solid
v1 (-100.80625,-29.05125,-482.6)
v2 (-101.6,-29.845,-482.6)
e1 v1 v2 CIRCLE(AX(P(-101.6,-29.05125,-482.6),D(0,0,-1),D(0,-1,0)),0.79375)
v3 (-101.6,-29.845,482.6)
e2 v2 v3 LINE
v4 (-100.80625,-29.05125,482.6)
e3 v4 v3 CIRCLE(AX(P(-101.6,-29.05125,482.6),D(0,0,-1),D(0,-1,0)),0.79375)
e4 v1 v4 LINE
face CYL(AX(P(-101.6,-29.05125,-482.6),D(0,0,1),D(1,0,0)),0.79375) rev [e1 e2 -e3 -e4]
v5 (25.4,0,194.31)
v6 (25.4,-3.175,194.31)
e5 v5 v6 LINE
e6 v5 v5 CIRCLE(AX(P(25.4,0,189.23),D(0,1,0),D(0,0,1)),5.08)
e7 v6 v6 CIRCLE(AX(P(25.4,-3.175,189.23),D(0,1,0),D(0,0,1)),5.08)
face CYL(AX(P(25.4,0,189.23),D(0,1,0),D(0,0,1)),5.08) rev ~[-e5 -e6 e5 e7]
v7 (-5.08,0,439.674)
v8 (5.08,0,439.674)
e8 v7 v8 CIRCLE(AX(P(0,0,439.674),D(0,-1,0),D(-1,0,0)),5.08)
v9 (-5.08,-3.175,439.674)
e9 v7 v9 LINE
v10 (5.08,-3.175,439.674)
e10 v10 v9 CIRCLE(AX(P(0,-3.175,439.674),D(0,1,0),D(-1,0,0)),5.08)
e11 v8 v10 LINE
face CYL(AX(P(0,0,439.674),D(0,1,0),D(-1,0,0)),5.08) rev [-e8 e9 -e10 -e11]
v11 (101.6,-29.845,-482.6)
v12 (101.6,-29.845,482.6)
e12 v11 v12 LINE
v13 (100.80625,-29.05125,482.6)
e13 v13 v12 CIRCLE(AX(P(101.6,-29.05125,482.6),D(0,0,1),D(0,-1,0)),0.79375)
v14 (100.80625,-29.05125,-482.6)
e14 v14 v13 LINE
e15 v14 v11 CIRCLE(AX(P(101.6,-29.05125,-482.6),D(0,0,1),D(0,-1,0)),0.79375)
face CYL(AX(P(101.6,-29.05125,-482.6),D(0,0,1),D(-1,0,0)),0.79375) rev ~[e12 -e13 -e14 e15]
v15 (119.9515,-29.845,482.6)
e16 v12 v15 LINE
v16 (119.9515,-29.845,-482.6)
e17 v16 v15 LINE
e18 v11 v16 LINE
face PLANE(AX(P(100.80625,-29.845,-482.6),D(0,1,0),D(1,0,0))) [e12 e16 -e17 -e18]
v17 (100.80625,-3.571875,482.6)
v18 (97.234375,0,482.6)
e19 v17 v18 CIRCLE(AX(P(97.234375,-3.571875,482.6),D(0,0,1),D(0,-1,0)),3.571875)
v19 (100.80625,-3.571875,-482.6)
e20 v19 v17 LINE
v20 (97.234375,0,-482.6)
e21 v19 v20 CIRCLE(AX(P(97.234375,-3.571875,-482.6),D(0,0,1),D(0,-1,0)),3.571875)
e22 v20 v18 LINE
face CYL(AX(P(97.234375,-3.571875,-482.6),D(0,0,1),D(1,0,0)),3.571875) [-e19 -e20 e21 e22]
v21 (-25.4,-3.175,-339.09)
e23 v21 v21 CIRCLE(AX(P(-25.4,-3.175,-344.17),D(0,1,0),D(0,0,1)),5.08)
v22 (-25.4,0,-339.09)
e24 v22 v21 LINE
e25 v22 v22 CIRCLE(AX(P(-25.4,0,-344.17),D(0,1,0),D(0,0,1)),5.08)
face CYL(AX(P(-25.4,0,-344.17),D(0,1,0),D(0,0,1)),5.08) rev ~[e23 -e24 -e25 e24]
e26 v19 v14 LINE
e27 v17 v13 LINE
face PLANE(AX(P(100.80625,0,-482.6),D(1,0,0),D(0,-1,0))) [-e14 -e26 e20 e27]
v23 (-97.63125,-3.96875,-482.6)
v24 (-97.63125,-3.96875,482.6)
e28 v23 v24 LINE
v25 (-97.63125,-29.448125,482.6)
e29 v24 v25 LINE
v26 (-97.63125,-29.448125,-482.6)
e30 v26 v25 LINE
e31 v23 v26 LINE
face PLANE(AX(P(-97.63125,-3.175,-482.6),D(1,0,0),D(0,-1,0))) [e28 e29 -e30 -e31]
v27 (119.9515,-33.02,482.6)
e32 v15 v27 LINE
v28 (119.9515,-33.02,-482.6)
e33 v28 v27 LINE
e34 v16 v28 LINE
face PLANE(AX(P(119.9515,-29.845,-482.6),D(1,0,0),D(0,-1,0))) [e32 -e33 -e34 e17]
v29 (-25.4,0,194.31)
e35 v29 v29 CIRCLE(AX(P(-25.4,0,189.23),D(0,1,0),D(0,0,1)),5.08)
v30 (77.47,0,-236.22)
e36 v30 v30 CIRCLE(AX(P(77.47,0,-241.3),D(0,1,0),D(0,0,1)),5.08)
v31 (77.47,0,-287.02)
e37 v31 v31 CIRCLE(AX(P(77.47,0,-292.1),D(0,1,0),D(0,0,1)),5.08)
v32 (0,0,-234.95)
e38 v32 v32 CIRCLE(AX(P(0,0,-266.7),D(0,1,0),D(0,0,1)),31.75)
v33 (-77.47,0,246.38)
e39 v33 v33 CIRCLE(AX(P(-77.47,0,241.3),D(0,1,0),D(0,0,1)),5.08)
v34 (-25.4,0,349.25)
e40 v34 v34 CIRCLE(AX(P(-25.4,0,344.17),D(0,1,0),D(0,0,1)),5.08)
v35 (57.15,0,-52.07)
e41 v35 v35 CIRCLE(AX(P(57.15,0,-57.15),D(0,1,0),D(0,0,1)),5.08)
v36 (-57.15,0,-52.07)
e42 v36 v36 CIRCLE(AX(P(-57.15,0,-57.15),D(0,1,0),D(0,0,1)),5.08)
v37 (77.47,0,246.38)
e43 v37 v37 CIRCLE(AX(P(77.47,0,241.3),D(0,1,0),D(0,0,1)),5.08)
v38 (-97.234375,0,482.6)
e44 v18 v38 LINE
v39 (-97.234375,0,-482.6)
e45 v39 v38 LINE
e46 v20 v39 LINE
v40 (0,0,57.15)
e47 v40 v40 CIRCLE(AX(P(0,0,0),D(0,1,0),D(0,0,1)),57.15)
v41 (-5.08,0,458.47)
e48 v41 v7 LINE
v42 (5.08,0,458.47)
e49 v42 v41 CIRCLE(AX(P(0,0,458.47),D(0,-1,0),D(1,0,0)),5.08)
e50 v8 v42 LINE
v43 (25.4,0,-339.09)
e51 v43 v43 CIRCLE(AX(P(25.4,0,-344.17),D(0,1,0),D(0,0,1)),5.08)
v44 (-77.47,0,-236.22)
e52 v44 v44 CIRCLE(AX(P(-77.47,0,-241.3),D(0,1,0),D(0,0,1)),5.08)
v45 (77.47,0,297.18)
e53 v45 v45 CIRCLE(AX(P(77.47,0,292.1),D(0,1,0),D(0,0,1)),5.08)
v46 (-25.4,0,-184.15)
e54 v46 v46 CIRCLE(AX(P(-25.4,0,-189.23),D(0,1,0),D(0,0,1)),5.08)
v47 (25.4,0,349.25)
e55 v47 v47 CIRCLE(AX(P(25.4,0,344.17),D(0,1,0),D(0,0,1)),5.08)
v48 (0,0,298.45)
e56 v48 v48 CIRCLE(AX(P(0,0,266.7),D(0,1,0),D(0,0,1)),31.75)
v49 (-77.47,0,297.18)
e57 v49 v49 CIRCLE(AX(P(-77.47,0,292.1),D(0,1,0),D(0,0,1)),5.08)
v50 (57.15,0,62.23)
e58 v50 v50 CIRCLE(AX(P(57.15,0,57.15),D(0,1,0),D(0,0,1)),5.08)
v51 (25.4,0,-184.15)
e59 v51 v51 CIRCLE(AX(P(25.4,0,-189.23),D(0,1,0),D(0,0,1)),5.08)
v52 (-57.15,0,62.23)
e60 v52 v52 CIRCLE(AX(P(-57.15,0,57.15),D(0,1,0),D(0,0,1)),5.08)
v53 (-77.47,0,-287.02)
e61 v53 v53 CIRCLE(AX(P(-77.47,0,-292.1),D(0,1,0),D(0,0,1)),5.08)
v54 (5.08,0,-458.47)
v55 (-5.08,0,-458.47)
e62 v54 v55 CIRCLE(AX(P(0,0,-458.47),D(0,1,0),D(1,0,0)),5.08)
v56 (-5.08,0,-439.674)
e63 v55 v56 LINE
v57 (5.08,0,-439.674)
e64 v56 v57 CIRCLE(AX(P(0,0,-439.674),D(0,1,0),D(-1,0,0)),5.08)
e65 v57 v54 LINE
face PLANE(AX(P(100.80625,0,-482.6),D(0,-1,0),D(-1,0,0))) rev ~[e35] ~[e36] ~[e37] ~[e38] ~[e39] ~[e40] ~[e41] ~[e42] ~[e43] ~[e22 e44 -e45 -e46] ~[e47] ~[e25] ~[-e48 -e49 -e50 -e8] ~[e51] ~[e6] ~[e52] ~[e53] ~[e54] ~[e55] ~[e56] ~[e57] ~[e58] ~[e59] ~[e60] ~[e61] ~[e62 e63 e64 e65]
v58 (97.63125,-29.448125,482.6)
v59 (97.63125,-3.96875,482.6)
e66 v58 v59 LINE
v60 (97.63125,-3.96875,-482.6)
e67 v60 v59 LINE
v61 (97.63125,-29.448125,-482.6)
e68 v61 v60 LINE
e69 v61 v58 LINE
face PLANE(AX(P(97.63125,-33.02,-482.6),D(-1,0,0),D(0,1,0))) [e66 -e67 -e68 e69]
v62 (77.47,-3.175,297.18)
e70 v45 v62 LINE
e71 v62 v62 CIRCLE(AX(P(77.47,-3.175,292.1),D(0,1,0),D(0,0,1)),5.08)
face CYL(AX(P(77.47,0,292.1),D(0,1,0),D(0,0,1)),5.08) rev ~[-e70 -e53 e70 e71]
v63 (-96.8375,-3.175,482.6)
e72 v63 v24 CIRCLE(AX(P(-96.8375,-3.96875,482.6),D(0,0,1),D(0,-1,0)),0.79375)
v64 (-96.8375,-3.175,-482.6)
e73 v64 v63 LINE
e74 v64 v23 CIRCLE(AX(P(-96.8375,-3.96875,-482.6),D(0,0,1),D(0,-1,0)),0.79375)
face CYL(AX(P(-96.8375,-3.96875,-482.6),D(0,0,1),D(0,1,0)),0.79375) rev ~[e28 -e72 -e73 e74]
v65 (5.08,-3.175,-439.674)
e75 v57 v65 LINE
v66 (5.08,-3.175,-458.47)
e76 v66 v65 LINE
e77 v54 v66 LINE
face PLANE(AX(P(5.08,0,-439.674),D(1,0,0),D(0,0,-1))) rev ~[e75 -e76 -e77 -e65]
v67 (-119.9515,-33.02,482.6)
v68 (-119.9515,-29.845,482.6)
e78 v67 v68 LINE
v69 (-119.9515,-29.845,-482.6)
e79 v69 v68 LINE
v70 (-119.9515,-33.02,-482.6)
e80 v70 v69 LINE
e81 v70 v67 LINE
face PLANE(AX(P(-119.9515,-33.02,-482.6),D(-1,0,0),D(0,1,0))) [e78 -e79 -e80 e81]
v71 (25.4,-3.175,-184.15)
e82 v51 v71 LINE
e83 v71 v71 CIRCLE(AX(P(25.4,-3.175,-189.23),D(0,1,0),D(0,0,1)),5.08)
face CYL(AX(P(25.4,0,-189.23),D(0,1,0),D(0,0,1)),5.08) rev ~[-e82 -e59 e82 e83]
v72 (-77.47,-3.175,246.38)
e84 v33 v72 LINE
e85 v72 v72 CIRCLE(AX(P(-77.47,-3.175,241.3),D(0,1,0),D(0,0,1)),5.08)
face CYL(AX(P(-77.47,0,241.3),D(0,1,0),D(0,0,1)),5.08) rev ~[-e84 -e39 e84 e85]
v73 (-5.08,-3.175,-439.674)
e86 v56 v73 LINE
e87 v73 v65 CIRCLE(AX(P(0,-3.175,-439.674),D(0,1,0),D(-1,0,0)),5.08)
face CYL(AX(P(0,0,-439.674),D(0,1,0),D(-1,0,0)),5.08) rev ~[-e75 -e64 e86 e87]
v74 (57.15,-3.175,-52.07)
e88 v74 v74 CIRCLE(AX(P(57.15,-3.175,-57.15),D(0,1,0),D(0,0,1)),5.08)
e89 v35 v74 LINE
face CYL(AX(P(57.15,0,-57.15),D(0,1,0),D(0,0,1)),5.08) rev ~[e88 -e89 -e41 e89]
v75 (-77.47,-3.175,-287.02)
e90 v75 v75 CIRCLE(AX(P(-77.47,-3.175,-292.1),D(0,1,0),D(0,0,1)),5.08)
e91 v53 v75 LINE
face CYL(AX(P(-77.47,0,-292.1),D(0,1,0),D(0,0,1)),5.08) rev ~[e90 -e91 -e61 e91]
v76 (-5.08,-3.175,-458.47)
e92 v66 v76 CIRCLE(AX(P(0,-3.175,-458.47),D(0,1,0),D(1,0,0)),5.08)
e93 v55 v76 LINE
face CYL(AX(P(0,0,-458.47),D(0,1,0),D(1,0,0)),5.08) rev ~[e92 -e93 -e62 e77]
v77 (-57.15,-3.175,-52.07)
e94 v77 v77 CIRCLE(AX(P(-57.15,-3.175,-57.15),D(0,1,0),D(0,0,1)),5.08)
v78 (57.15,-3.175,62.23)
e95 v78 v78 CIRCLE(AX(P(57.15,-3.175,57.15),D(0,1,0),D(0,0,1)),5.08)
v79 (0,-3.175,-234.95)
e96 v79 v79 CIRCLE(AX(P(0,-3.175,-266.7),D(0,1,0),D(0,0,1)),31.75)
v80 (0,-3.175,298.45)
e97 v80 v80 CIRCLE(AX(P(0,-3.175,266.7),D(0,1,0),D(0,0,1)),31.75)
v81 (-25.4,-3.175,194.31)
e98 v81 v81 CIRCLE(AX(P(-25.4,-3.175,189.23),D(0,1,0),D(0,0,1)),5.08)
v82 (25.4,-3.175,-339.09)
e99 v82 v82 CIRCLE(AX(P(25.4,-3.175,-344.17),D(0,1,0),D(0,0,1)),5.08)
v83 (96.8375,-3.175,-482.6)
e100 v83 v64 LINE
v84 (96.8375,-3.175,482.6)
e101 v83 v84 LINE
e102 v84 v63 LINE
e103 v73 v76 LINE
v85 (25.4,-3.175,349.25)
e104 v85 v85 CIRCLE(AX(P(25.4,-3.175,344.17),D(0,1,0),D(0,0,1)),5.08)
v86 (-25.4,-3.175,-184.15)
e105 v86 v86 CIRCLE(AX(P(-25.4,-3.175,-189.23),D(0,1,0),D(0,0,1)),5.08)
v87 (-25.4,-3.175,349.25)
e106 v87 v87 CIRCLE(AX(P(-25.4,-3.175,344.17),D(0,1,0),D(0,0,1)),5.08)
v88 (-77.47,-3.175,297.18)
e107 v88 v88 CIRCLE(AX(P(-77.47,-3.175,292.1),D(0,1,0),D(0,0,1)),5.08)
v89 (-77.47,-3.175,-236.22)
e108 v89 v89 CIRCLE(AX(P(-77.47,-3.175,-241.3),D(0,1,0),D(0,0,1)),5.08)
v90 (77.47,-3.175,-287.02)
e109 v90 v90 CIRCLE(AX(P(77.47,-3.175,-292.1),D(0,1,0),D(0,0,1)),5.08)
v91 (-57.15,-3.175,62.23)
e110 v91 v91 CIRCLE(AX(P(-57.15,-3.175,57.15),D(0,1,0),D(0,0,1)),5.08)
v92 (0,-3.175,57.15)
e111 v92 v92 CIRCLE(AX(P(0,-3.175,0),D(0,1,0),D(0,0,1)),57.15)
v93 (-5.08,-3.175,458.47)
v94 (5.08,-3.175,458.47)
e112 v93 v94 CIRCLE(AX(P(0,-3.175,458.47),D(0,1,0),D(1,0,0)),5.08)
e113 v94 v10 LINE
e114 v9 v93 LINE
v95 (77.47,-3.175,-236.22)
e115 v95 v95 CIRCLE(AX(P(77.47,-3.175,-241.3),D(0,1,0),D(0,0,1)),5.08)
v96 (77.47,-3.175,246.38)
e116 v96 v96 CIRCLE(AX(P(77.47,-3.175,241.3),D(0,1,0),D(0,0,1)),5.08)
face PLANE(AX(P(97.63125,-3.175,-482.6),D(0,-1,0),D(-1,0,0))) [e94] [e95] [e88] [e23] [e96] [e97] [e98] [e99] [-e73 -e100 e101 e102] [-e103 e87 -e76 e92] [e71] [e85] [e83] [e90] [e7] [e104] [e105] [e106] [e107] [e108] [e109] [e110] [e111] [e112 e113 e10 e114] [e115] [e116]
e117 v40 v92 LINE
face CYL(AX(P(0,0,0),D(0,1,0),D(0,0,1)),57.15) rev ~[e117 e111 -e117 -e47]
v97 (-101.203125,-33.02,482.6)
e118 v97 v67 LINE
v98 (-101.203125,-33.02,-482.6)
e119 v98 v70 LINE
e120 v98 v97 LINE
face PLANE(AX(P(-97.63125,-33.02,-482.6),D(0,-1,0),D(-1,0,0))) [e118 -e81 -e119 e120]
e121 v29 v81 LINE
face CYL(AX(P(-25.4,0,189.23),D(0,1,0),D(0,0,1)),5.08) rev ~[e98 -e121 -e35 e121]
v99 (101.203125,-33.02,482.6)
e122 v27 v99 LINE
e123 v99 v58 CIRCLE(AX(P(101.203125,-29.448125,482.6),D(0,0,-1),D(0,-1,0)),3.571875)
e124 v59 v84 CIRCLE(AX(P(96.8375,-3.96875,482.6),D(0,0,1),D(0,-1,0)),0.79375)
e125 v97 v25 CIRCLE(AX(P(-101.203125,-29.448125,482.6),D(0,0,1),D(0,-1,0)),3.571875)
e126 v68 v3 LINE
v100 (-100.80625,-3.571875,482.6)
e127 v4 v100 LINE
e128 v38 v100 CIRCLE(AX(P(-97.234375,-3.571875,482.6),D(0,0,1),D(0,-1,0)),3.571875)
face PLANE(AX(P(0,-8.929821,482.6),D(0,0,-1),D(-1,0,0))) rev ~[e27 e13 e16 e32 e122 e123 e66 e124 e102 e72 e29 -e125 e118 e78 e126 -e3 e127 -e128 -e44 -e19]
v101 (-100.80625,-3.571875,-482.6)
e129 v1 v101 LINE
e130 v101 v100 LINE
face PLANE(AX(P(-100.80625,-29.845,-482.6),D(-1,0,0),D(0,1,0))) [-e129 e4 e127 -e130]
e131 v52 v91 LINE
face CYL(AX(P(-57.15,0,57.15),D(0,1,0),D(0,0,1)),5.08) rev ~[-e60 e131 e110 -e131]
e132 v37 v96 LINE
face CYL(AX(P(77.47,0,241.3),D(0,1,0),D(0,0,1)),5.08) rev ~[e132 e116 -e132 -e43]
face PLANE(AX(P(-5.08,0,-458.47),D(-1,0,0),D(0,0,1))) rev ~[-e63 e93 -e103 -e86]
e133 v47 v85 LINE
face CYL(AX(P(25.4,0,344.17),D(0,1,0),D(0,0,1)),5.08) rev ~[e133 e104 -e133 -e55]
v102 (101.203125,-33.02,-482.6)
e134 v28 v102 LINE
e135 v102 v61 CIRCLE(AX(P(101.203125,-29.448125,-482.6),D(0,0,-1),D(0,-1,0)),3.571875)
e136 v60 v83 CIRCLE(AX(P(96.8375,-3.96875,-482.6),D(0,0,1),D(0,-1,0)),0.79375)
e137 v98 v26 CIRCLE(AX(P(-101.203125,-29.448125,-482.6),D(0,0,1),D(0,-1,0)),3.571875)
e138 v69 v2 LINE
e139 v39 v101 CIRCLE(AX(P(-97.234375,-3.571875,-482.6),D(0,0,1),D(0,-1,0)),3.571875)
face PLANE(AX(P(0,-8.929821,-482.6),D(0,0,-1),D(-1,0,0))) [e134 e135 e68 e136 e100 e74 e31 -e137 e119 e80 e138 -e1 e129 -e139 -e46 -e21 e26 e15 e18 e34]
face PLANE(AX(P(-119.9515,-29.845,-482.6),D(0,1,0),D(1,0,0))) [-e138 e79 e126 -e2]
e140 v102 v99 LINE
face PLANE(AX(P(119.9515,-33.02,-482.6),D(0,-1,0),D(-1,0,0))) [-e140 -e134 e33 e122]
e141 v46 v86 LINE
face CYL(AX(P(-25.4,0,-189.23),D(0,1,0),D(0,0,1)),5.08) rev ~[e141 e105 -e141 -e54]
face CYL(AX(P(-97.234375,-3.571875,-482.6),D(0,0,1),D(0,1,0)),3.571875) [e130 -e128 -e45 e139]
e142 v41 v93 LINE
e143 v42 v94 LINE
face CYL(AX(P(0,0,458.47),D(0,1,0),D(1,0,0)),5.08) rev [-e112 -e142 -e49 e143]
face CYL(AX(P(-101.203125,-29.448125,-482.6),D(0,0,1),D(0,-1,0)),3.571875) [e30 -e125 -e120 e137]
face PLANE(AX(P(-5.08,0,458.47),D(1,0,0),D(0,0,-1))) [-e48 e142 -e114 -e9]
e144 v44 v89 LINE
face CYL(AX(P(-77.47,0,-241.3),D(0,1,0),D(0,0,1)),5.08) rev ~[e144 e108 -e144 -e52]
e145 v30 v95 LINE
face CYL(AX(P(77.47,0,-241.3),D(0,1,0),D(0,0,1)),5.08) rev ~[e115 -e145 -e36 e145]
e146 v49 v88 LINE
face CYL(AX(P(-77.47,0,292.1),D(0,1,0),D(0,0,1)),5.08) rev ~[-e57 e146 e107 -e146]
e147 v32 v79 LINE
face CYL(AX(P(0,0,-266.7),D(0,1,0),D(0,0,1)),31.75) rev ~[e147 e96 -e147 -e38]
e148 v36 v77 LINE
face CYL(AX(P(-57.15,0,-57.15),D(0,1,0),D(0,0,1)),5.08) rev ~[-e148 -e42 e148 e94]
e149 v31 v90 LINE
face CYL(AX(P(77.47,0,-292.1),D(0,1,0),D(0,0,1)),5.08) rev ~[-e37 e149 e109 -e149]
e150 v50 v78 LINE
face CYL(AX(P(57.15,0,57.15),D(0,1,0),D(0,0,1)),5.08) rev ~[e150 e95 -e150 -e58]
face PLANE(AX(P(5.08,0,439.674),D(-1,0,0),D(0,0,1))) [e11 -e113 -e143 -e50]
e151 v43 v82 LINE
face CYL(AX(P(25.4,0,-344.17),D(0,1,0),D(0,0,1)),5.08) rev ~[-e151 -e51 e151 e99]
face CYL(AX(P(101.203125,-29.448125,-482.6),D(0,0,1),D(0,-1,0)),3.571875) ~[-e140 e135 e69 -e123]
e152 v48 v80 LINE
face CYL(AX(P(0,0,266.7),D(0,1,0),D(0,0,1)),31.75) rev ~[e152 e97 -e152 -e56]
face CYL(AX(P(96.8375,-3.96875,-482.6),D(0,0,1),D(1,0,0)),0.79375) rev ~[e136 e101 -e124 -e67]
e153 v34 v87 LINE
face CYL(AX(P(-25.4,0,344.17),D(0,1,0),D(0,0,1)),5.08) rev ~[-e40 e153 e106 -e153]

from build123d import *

# Parameters (mm, degrees)
BOSS_EXTRUDE1_DEPTH      = 482.6
BOSS_EXTRUDE1_DEPTH_BACK = 482.6
SKETCH2_R                = 57.15
SKETCH2_R_2              = 5.08
SKETCH2_R_3              = 31.75
CUT_EXTRUDE1_DEPTH       = 965.2
FILLET1_R                = 0.79375
FILLET2_R                = 3.571875


with BuildPart() as part:
    # Sketch1 → Boss-Extrude1 (new, two sides: drawn at the far end of the back side and taken through both)
    with BuildSketch(Plane.XY.offset(-BOSS_EXTRUDE1_DEPTH_BACK)):
        Polygon((0, 0), (100.80625, 0), (100.80625, -29.845), (119.9515, -29.845), (119.9515, -33.02), (97.63125, -33.02), (97.63125, -3.175), (-97.63125, -3.175), (-97.63125, -33.02), (-119.9515, -33.02), (-119.9515, -29.845), (-100.80625, -29.845), (-100.80625, 0), align=None)
    extrude(amount=BOSS_EXTRUDE1_DEPTH + BOSS_EXTRUDE1_DEPTH_BACK)

    # Sketch2 → Cut-Extrude1 (cut)
    with BuildSketch(Plane(origin=(0, 0, 0), x_dir=(1, 0, 0), z_dir=(0, 1, 0))):
        with Locations(Location((0, 0, 0), (0, 0, 270))):
            Circle(SKETCH2_R)
        with Locations(Location((57.15, 57.15, 0), (0, 0, 270))):
            Circle(SKETCH2_R_2)
        with Locations(Location((57.15, -57.15, 0), (0, 0, 270))):
            Circle(SKETCH2_R_2)
        with Locations(Location((-57.15, -57.15, 0), (0, 0, 270))):
            Circle(SKETCH2_R_2)
        with Locations(Location((-57.15, 57.15, 0), (0, 0, 270))):
            Circle(SKETCH2_R_2)
        with Locations(Location((0, -266.7, 0), (0, 0, 270))):
            Circle(SKETCH2_R_3)
        with Locations(Location((77.47, -241.3, 0), (0, 0, 270))):
            Circle(SKETCH2_R_2)
        with Locations(Location((77.47, -292.1, 0), (0, 0, 270))):
            Circle(SKETCH2_R_2)
        with Locations(Location((-25.4, -344.17, 0), (0, 0, 270))):
            Circle(SKETCH2_R_2)
        with Locations(Location((25.4, -344.17, 0), (0, 0, 270))):
            Circle(SKETCH2_R_2)
        with Locations(Location((-77.47, -241.3, 0), (0, 0, 270))):
            Circle(SKETCH2_R_2)
        with Locations(Location((-77.47, -292.1, 0), (0, 0, 270))):
            Circle(SKETCH2_R_2)
        with Locations(Location((25.4, -189.23, 0), (0, 0, 270))):
            Circle(SKETCH2_R_2)
        with Locations(Location((-25.4, -189.23, 0), (0, 0, 270))):
            Circle(SKETCH2_R_2)
        with Locations(Location((-25.4, 189.23, 0), (0, 0, 270))):
            Circle(SKETCH2_R_2)
        with Locations(Location((77.47, 241.3, 0), (0, 0, 270))):
            Circle(SKETCH2_R_2)
        with Locations(Location((25.4, 189.23, 0), (0, 0, 270))):
            Circle(SKETCH2_R_2)
        with Locations(Location((-77.47, 241.3, 0), (0, 0, 270))):
            Circle(SKETCH2_R_2)
        with Locations(Location((0, 266.7, 0), (0, 0, 270))):
            Circle(SKETCH2_R_3)
        with Locations(Location((77.47, 292.1, 0), (0, 0, 270))):
            Circle(SKETCH2_R_2)
        with Locations(Location((-77.47, 292.1, 0), (0, 0, 270))):
            Circle(SKETCH2_R_2)
        with Locations(Location((-25.4, 344.17, 0), (0, 0, 270))):
            Circle(SKETCH2_R_2)
        with Locations(Location((25.4, 344.17, 0), (0, 0, 270))):
            Circle(SKETCH2_R_2)
        with BuildLine():
            Line((-5.08, -458.47), (-5.08, -439.674))
            ThreePointArc((-5.08, -439.674), (0, -434.594), (5.08, -439.674))
            Line((5.08, -439.674), (5.08, -458.47))
            ThreePointArc((5.08, -458.47), (0, -463.55), (-5.08, -458.47))
        make_face()
        with BuildLine():
            Line((-5.08, 458.47), (-5.08, 439.674))
            ThreePointArc((-5.08, 439.674), (0, 434.594), (5.08, 439.674))
            Line((5.08, 439.674), (5.08, 458.47))
            ThreePointArc((5.08, 458.47), (0, 463.55), (-5.08, 458.47))
        make_face()
    extrude(amount=-CUT_EXTRUDE1_DEPTH, mode=Mode.SUBTRACT)

    # Fillet1
    fillet1_edges = [part.edges().sort_by_distance(p)[0] for p in [
        (100.80625, -29.845, 0),
        (97.63125, -3.175, 0),
        (-97.63125, -3.175, 0),
        (-100.80625, -29.845, 0),
    ]]
    fillet(fillet1_edges, radius=FILLET1_R)

    # Fillet2
    fillet2_edges = [part.edges().sort_by_distance(p)[0] for p in [
        (100.80625, 0, 0),
        (97.63125, -33.02, 0),
        (-97.63125, -33.02, 0),
        (-100.80625, 0, 0),
    ]]
    fillet(fillet2_edges, radius=FILLET2_R)


solid = part.part
